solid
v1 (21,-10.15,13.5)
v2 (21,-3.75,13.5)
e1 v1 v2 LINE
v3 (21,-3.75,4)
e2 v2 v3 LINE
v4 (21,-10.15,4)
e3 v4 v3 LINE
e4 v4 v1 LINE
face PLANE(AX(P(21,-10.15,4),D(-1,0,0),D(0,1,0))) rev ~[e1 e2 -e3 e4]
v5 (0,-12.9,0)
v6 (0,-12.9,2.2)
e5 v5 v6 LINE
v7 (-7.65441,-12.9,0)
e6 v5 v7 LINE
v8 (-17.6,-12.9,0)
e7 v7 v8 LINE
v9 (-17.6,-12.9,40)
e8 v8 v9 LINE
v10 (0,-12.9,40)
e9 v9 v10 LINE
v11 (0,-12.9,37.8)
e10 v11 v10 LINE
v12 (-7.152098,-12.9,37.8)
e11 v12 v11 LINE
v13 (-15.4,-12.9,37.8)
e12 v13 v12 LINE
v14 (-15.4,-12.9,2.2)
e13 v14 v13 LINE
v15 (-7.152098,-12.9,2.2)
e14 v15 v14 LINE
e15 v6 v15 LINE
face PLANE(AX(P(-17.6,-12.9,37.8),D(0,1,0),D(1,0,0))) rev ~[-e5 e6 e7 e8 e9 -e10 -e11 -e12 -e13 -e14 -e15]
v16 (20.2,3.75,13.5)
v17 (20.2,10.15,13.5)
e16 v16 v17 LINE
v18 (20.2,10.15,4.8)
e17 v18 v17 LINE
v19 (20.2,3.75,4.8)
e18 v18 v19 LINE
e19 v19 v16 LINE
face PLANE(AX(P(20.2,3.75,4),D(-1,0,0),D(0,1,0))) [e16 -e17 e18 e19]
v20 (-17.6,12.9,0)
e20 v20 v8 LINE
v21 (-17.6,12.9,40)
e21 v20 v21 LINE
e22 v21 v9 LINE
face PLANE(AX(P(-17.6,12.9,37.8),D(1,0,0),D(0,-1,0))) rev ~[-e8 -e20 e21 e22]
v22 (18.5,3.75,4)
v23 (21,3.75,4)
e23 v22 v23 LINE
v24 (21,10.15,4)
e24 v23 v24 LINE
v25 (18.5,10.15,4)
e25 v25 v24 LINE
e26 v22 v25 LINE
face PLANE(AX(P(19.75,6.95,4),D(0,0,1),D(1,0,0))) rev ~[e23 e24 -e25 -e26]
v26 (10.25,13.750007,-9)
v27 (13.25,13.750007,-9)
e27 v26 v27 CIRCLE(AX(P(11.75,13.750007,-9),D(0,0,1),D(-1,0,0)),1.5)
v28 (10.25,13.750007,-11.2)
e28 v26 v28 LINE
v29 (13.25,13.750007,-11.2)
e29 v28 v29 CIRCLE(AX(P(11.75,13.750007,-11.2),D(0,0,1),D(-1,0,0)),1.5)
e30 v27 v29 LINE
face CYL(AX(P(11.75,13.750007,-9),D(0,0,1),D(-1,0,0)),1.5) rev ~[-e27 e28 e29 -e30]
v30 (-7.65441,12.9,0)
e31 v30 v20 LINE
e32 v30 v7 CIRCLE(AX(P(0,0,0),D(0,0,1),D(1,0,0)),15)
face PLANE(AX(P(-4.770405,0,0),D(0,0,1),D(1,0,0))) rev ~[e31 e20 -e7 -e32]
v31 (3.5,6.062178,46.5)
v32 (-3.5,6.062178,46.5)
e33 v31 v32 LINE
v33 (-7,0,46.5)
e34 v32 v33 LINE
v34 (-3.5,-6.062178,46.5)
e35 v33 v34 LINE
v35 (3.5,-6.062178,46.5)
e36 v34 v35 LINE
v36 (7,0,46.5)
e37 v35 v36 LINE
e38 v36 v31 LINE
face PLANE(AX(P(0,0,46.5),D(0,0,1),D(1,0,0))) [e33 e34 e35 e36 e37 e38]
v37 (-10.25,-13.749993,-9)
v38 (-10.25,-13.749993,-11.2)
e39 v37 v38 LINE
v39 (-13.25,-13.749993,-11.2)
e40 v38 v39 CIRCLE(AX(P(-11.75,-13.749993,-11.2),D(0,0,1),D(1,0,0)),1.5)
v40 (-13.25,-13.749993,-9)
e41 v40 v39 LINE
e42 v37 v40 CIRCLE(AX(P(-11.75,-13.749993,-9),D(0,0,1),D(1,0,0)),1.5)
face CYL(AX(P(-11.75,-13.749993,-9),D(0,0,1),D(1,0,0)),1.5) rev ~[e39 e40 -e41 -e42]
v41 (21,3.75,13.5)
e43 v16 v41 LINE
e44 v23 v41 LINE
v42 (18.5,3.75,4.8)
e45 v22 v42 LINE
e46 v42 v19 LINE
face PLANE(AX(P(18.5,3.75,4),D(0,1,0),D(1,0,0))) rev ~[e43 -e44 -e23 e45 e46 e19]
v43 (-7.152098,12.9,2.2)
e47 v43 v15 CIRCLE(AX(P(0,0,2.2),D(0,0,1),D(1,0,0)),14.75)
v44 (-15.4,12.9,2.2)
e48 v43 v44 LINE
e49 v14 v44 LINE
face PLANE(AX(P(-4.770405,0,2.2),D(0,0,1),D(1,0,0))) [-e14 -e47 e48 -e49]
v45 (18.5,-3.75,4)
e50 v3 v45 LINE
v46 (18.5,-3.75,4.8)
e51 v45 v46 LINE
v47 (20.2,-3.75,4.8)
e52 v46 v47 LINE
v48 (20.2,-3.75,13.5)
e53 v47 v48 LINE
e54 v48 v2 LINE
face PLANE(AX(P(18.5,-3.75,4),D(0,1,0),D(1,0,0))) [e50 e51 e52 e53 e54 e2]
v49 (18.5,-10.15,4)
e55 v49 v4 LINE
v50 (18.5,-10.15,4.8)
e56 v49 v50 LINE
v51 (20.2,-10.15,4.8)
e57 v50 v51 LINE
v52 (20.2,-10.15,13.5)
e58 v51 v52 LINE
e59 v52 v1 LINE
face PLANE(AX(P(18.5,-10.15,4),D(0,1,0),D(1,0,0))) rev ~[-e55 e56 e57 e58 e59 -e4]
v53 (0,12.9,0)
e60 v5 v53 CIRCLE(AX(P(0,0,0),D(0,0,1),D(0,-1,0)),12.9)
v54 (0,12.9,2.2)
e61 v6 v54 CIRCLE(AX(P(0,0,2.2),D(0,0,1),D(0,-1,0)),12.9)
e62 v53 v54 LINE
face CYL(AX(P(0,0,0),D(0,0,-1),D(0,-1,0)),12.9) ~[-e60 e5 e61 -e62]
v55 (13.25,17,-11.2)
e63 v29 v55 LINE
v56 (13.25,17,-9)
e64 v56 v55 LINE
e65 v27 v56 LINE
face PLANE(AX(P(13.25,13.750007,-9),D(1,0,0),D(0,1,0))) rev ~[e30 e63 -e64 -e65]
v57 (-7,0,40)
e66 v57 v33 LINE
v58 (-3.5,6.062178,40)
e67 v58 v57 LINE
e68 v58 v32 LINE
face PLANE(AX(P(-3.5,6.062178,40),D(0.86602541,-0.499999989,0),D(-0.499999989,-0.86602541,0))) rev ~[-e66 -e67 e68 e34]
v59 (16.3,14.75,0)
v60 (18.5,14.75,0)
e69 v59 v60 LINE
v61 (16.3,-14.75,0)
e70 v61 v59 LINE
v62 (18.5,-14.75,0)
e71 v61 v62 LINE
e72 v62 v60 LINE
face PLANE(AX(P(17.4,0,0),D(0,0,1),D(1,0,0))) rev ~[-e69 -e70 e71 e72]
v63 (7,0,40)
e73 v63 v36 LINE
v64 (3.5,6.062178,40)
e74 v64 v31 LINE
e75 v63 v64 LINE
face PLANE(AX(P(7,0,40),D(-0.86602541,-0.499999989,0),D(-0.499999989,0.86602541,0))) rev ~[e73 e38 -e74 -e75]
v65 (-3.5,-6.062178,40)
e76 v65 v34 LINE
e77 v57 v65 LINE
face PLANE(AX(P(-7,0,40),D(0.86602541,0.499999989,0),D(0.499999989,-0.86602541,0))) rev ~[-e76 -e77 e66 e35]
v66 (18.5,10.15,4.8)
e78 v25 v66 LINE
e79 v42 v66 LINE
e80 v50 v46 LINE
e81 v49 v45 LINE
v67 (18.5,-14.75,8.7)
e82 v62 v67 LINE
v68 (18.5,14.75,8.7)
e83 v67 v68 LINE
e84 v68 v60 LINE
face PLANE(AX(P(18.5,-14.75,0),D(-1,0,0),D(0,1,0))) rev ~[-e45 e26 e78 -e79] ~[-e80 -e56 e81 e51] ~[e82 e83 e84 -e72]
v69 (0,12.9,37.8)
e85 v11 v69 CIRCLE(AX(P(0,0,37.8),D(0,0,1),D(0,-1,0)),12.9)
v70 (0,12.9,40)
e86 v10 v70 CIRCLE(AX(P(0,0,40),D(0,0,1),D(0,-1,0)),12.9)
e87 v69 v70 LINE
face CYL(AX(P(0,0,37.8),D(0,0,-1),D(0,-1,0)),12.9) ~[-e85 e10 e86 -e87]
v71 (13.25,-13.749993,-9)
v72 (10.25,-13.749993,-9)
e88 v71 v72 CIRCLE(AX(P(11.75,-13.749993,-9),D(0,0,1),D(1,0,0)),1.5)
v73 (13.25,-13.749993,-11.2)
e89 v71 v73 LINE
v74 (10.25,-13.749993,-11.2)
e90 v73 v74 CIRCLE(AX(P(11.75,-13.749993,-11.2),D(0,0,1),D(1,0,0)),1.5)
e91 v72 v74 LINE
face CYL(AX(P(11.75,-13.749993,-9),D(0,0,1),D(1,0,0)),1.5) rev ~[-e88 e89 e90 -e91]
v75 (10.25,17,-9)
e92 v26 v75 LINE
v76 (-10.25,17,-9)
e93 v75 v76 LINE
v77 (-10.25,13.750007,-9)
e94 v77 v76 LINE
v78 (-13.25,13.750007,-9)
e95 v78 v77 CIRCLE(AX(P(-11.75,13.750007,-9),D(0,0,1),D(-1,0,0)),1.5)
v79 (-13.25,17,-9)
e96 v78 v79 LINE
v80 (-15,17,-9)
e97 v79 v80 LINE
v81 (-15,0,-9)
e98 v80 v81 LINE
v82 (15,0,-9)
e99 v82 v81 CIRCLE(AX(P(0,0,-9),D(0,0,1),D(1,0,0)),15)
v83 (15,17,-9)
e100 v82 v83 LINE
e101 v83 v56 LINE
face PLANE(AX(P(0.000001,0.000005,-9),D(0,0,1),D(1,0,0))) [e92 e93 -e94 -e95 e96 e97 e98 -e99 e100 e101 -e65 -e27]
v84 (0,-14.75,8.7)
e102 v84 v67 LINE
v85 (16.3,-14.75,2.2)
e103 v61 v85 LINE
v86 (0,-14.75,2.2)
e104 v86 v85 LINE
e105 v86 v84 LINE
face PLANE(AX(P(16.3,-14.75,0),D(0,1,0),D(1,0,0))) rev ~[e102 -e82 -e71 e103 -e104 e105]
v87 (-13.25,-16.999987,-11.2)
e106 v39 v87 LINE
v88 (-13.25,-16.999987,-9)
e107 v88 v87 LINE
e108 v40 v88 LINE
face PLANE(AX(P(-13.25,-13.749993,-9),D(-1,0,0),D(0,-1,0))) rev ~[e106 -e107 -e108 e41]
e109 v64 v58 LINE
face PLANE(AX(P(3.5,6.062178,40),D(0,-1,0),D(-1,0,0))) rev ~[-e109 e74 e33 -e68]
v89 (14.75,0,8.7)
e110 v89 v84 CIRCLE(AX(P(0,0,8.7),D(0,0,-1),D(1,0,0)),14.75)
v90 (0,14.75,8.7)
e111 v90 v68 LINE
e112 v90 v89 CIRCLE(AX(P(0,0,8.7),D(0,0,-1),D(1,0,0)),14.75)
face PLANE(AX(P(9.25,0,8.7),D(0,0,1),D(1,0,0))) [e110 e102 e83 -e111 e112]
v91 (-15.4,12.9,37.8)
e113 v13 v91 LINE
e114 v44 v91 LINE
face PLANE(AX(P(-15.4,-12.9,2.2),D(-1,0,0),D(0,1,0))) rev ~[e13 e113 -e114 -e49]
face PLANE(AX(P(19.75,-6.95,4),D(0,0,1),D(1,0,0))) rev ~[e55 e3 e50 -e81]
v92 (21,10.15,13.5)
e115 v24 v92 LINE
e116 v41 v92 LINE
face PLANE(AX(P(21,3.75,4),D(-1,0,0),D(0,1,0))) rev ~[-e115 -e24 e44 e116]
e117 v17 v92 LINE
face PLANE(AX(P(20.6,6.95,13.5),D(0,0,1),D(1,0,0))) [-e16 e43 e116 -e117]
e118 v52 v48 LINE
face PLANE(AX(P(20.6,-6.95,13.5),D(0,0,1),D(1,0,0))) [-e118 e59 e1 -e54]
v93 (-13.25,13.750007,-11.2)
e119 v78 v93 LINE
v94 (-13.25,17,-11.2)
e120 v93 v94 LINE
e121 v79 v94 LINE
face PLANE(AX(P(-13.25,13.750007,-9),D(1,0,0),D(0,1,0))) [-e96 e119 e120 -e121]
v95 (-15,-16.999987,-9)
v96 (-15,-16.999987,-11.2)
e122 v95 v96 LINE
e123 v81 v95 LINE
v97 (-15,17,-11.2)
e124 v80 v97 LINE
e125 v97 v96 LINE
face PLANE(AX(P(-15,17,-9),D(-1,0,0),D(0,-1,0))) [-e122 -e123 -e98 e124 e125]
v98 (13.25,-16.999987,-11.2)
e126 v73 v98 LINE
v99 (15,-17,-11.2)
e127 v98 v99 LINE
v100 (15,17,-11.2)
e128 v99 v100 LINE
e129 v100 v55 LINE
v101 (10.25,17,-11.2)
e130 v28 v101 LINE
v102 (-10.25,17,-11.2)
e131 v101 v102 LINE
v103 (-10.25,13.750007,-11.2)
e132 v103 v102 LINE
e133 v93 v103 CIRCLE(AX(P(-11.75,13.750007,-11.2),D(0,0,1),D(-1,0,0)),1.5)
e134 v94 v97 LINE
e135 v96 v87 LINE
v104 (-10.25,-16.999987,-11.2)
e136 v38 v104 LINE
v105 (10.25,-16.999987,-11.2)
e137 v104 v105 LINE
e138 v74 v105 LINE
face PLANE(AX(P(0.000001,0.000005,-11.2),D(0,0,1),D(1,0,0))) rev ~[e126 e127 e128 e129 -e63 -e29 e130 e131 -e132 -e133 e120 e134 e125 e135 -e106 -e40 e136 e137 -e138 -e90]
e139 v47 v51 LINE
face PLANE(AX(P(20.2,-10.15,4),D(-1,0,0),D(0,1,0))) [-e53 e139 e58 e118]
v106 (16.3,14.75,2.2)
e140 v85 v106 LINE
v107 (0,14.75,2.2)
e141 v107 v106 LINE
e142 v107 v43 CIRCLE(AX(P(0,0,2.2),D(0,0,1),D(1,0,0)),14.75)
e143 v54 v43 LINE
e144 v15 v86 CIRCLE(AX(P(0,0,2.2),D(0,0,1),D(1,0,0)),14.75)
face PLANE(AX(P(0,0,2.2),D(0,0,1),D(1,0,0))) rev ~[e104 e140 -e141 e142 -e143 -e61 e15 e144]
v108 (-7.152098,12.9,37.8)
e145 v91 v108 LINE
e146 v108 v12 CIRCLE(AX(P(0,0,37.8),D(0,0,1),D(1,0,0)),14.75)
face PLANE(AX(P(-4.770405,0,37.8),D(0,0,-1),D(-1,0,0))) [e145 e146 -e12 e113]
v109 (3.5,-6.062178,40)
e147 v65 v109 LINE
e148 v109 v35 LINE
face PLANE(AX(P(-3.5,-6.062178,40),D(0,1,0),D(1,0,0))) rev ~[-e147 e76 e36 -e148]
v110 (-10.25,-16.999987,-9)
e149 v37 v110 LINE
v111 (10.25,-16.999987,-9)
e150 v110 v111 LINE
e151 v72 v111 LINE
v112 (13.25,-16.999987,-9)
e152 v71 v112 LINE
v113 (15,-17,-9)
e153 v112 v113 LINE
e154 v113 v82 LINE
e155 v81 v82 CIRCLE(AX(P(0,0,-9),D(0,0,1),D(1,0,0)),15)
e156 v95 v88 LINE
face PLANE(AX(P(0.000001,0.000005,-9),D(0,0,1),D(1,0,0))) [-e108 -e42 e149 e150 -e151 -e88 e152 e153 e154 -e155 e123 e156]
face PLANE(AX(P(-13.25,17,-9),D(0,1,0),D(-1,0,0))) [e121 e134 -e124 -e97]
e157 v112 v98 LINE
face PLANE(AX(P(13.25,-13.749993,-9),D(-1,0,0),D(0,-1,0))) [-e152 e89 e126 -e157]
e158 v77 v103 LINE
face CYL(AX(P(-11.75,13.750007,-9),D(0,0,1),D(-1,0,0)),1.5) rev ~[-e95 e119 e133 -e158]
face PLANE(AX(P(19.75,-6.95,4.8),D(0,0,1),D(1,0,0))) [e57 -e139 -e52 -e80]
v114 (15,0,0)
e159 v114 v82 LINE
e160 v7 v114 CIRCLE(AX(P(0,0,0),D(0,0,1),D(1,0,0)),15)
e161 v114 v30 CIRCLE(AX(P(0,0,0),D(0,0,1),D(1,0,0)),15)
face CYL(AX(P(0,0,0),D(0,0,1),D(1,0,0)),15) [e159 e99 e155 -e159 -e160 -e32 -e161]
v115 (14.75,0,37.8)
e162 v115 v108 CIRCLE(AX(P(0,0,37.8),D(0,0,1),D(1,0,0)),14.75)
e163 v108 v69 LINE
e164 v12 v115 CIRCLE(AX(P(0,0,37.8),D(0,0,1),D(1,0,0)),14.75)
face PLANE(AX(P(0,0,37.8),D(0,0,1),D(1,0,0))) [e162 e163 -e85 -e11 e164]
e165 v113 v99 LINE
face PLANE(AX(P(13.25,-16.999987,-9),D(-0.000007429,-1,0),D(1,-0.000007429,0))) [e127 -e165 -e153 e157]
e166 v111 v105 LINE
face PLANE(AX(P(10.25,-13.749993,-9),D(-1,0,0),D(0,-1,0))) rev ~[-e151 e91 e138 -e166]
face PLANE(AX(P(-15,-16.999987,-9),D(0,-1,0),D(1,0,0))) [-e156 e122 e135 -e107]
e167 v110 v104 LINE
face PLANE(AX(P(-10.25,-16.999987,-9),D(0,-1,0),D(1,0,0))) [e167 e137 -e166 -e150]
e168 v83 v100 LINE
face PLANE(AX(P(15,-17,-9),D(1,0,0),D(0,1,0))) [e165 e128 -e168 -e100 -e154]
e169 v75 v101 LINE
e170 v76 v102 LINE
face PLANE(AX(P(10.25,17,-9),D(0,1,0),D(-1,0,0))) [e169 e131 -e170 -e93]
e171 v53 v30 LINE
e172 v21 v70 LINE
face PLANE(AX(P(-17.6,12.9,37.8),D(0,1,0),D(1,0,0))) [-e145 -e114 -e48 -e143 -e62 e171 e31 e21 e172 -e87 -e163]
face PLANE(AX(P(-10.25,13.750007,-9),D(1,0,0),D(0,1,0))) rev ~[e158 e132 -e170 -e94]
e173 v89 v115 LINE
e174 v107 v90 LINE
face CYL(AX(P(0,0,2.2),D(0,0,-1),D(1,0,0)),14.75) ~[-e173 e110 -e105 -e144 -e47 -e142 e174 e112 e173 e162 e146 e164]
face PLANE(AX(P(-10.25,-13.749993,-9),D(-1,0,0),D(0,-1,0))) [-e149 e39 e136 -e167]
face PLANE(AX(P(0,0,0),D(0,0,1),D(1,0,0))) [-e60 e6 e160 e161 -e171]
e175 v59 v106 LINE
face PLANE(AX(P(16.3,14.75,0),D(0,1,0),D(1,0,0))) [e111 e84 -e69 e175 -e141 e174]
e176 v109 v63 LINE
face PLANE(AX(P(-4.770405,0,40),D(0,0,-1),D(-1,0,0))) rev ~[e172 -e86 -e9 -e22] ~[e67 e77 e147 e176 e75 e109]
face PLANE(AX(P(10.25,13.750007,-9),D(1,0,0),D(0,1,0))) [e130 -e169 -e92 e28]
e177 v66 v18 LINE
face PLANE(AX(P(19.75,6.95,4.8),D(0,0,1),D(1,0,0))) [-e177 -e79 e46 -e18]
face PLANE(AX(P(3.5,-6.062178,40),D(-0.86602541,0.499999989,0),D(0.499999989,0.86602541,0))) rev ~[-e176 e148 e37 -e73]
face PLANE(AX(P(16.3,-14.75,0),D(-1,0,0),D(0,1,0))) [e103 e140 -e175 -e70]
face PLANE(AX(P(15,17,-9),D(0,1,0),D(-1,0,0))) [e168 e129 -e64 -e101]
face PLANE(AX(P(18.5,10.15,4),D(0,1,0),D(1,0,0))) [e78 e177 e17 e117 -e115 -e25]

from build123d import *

# Parameters (mm, degrees)
PAD_DEPTH    = 2.2
SKETCH001_R  = 14.75
SKETCH001_W  = 2.2
SKETCH001_H  = 25.8
PAD001_DEPTH = 35.6
PAD002_DEPTH = 2.2
PAD003_DEPTH = 6.5
SKETCH004_R  = 15
PAD004_DEPTH = 9
PAD005_DEPTH = 2.2
SKETCH006_W  = 18.5
SKETCH006_H  = 29.5
PAD006_DEPTH = 6.5
SKETCH007_W  = 2.2
SKETCH007_H  = 29.5
PAD007_DEPTH = 2.2
SKETCH008_W  = 2.5
SKETCH008_H  = 6.4
PAD008_DEPTH = 0.8
SKETCH009_W  = 0.8
SKETCH009_H  = 6.4
PAD009_DEPTH = 9.5


with BuildPart() as part:
    # Sketch → Pad (new body)
    with BuildSketch(Plane.XY):
        with BuildLine():
            ThreePointArc((0, -12.9), (12.9, 0), (0, 12.9))
            Line((0, 12.9), (-17.6, 12.9))
            Line((-17.6, 12.9), (-17.6, -12.9))
            Line((0, -12.9), (-17.6, -12.9))
        make_face()
    extrude(amount=PAD_DEPTH)

    # Sketch001 → Pad001 (join)
    with BuildSketch(Plane.XY.offset(2.2)):
        Circle(SKETCH001_R)
        with Locations((-16.5, 0)):
            Rectangle(SKETCH001_W, SKETCH001_H)
    extrude(amount=PAD001_DEPTH)

    # Sketch002 → Pad002 (join)
    with BuildSketch(Plane.XY.offset(37.8)):
        with BuildLine():
            Line((-17.6, 12.9), (0, 12.9))
            ThreePointArc((0, -12.9), (12.9, 0), (0, 12.9))
            Line((-17.6, -12.9), (0, -12.9))
            Line((-17.6, 12.9), (-17.6, -12.9))
        make_face()
    extrude(amount=PAD002_DEPTH)

    # Sketch003 → Pad003 (join)
    with BuildSketch(Plane.XY.offset(40)):
        Polygon((3.5, 6.062178), (-3.5, 6.062178), (-7, 0), (-3.5, -6.062178), (3.5, -6.062178), (7, 0), align=None)
    extrude(amount=PAD003_DEPTH)

    # Sketch004 → Pad004 (join)
    with BuildSketch(Plane.XY):
        Circle(SKETCH004_R)
    extrude(amount=-PAD004_DEPTH)

    # Sketch005 → Pad005 (join)
    with BuildSketch(Plane.XY.offset(-9)):
        with BuildLine():
            Line((-15, 17), (-15, -16.999987))
            Line((-15, -16.999987), (-13.25, -16.999987))
            Line((-13.25, -13.749993), (-13.25, -16.999987))
            ThreePointArc((-10.25, -13.749993), (-11.75, -12.249993), (-13.25, -13.749993))
            Line((-10.25, -13.749993), (-10.25, -16.999987))
            Line((-10.25, -16.999987), (10.25, -16.999987))
            Line((10.25, -13.749993), (10.25, -16.999987))
            ThreePointArc((13.25, -13.749993), (11.75, -12.249993), (10.25, -13.749993))
            Line((13.25, -13.749993), (13.25, -16.999987))
            Line((13.25, -16.999987), (15, -17))
            Line((15, -17), (15, 17))
            Line((15, 17), (13.25, 17))
            Line((13.25, 13.750007), (13.25, 17))
            ThreePointArc((10.25, 13.750007), (11.75, 12.250007), (13.25, 13.750007))
            Line((10.25, 13.750007), (10.25, 17))
            Line((10.25, 17), (-10.25, 17))
            Line((-10.25, 13.750007), (-10.25, 17))
            ThreePointArc((-13.25, 13.750007), (-11.75, 12.250007), (-10.25, 13.750007))
            Line((-13.25, 13.750007), (-13.25, 17))
            Line((-13.25, 17), (-15, 17))
        make_face()
    extrude(amount=-PAD005_DEPTH)

    # Sketch006 → Pad006 (join)
    with BuildSketch(Plane.XY.offset(2.2)):
        with Locations((9.25, 0)):
            Rectangle(SKETCH006_W, SKETCH006_H)
    extrude(amount=PAD006_DEPTH)

    # Sketch007 → Pad007 (join)
    with BuildSketch(Plane.XY):
        with Locations((17.4, 0)):
            Rectangle(SKETCH007_W, SKETCH007_H)
    extrude(amount=PAD007_DEPTH)

    # Sketch008 → Pad008 (join)
    with BuildSketch(Plane.XY.offset(4)):
        with Locations((19.75, 6.95)):
            Rectangle(SKETCH008_W, SKETCH008_H)
        with Locations((19.75, -6.95)):
            Rectangle(SKETCH008_W, SKETCH008_H)
    extrude(amount=PAD008_DEPTH)

    # Sketch009 → Pad009 (join)
    with BuildSketch(Plane.XY.offset(4)):
        with Locations((20.6, 6.95)):
            Rectangle(SKETCH009_W, SKETCH009_H)
        with Locations((20.6, -6.95)):
            Rectangle(SKETCH009_W, SKETCH009_H)
    extrude(amount=PAD009_DEPTH)


solid = part.part
